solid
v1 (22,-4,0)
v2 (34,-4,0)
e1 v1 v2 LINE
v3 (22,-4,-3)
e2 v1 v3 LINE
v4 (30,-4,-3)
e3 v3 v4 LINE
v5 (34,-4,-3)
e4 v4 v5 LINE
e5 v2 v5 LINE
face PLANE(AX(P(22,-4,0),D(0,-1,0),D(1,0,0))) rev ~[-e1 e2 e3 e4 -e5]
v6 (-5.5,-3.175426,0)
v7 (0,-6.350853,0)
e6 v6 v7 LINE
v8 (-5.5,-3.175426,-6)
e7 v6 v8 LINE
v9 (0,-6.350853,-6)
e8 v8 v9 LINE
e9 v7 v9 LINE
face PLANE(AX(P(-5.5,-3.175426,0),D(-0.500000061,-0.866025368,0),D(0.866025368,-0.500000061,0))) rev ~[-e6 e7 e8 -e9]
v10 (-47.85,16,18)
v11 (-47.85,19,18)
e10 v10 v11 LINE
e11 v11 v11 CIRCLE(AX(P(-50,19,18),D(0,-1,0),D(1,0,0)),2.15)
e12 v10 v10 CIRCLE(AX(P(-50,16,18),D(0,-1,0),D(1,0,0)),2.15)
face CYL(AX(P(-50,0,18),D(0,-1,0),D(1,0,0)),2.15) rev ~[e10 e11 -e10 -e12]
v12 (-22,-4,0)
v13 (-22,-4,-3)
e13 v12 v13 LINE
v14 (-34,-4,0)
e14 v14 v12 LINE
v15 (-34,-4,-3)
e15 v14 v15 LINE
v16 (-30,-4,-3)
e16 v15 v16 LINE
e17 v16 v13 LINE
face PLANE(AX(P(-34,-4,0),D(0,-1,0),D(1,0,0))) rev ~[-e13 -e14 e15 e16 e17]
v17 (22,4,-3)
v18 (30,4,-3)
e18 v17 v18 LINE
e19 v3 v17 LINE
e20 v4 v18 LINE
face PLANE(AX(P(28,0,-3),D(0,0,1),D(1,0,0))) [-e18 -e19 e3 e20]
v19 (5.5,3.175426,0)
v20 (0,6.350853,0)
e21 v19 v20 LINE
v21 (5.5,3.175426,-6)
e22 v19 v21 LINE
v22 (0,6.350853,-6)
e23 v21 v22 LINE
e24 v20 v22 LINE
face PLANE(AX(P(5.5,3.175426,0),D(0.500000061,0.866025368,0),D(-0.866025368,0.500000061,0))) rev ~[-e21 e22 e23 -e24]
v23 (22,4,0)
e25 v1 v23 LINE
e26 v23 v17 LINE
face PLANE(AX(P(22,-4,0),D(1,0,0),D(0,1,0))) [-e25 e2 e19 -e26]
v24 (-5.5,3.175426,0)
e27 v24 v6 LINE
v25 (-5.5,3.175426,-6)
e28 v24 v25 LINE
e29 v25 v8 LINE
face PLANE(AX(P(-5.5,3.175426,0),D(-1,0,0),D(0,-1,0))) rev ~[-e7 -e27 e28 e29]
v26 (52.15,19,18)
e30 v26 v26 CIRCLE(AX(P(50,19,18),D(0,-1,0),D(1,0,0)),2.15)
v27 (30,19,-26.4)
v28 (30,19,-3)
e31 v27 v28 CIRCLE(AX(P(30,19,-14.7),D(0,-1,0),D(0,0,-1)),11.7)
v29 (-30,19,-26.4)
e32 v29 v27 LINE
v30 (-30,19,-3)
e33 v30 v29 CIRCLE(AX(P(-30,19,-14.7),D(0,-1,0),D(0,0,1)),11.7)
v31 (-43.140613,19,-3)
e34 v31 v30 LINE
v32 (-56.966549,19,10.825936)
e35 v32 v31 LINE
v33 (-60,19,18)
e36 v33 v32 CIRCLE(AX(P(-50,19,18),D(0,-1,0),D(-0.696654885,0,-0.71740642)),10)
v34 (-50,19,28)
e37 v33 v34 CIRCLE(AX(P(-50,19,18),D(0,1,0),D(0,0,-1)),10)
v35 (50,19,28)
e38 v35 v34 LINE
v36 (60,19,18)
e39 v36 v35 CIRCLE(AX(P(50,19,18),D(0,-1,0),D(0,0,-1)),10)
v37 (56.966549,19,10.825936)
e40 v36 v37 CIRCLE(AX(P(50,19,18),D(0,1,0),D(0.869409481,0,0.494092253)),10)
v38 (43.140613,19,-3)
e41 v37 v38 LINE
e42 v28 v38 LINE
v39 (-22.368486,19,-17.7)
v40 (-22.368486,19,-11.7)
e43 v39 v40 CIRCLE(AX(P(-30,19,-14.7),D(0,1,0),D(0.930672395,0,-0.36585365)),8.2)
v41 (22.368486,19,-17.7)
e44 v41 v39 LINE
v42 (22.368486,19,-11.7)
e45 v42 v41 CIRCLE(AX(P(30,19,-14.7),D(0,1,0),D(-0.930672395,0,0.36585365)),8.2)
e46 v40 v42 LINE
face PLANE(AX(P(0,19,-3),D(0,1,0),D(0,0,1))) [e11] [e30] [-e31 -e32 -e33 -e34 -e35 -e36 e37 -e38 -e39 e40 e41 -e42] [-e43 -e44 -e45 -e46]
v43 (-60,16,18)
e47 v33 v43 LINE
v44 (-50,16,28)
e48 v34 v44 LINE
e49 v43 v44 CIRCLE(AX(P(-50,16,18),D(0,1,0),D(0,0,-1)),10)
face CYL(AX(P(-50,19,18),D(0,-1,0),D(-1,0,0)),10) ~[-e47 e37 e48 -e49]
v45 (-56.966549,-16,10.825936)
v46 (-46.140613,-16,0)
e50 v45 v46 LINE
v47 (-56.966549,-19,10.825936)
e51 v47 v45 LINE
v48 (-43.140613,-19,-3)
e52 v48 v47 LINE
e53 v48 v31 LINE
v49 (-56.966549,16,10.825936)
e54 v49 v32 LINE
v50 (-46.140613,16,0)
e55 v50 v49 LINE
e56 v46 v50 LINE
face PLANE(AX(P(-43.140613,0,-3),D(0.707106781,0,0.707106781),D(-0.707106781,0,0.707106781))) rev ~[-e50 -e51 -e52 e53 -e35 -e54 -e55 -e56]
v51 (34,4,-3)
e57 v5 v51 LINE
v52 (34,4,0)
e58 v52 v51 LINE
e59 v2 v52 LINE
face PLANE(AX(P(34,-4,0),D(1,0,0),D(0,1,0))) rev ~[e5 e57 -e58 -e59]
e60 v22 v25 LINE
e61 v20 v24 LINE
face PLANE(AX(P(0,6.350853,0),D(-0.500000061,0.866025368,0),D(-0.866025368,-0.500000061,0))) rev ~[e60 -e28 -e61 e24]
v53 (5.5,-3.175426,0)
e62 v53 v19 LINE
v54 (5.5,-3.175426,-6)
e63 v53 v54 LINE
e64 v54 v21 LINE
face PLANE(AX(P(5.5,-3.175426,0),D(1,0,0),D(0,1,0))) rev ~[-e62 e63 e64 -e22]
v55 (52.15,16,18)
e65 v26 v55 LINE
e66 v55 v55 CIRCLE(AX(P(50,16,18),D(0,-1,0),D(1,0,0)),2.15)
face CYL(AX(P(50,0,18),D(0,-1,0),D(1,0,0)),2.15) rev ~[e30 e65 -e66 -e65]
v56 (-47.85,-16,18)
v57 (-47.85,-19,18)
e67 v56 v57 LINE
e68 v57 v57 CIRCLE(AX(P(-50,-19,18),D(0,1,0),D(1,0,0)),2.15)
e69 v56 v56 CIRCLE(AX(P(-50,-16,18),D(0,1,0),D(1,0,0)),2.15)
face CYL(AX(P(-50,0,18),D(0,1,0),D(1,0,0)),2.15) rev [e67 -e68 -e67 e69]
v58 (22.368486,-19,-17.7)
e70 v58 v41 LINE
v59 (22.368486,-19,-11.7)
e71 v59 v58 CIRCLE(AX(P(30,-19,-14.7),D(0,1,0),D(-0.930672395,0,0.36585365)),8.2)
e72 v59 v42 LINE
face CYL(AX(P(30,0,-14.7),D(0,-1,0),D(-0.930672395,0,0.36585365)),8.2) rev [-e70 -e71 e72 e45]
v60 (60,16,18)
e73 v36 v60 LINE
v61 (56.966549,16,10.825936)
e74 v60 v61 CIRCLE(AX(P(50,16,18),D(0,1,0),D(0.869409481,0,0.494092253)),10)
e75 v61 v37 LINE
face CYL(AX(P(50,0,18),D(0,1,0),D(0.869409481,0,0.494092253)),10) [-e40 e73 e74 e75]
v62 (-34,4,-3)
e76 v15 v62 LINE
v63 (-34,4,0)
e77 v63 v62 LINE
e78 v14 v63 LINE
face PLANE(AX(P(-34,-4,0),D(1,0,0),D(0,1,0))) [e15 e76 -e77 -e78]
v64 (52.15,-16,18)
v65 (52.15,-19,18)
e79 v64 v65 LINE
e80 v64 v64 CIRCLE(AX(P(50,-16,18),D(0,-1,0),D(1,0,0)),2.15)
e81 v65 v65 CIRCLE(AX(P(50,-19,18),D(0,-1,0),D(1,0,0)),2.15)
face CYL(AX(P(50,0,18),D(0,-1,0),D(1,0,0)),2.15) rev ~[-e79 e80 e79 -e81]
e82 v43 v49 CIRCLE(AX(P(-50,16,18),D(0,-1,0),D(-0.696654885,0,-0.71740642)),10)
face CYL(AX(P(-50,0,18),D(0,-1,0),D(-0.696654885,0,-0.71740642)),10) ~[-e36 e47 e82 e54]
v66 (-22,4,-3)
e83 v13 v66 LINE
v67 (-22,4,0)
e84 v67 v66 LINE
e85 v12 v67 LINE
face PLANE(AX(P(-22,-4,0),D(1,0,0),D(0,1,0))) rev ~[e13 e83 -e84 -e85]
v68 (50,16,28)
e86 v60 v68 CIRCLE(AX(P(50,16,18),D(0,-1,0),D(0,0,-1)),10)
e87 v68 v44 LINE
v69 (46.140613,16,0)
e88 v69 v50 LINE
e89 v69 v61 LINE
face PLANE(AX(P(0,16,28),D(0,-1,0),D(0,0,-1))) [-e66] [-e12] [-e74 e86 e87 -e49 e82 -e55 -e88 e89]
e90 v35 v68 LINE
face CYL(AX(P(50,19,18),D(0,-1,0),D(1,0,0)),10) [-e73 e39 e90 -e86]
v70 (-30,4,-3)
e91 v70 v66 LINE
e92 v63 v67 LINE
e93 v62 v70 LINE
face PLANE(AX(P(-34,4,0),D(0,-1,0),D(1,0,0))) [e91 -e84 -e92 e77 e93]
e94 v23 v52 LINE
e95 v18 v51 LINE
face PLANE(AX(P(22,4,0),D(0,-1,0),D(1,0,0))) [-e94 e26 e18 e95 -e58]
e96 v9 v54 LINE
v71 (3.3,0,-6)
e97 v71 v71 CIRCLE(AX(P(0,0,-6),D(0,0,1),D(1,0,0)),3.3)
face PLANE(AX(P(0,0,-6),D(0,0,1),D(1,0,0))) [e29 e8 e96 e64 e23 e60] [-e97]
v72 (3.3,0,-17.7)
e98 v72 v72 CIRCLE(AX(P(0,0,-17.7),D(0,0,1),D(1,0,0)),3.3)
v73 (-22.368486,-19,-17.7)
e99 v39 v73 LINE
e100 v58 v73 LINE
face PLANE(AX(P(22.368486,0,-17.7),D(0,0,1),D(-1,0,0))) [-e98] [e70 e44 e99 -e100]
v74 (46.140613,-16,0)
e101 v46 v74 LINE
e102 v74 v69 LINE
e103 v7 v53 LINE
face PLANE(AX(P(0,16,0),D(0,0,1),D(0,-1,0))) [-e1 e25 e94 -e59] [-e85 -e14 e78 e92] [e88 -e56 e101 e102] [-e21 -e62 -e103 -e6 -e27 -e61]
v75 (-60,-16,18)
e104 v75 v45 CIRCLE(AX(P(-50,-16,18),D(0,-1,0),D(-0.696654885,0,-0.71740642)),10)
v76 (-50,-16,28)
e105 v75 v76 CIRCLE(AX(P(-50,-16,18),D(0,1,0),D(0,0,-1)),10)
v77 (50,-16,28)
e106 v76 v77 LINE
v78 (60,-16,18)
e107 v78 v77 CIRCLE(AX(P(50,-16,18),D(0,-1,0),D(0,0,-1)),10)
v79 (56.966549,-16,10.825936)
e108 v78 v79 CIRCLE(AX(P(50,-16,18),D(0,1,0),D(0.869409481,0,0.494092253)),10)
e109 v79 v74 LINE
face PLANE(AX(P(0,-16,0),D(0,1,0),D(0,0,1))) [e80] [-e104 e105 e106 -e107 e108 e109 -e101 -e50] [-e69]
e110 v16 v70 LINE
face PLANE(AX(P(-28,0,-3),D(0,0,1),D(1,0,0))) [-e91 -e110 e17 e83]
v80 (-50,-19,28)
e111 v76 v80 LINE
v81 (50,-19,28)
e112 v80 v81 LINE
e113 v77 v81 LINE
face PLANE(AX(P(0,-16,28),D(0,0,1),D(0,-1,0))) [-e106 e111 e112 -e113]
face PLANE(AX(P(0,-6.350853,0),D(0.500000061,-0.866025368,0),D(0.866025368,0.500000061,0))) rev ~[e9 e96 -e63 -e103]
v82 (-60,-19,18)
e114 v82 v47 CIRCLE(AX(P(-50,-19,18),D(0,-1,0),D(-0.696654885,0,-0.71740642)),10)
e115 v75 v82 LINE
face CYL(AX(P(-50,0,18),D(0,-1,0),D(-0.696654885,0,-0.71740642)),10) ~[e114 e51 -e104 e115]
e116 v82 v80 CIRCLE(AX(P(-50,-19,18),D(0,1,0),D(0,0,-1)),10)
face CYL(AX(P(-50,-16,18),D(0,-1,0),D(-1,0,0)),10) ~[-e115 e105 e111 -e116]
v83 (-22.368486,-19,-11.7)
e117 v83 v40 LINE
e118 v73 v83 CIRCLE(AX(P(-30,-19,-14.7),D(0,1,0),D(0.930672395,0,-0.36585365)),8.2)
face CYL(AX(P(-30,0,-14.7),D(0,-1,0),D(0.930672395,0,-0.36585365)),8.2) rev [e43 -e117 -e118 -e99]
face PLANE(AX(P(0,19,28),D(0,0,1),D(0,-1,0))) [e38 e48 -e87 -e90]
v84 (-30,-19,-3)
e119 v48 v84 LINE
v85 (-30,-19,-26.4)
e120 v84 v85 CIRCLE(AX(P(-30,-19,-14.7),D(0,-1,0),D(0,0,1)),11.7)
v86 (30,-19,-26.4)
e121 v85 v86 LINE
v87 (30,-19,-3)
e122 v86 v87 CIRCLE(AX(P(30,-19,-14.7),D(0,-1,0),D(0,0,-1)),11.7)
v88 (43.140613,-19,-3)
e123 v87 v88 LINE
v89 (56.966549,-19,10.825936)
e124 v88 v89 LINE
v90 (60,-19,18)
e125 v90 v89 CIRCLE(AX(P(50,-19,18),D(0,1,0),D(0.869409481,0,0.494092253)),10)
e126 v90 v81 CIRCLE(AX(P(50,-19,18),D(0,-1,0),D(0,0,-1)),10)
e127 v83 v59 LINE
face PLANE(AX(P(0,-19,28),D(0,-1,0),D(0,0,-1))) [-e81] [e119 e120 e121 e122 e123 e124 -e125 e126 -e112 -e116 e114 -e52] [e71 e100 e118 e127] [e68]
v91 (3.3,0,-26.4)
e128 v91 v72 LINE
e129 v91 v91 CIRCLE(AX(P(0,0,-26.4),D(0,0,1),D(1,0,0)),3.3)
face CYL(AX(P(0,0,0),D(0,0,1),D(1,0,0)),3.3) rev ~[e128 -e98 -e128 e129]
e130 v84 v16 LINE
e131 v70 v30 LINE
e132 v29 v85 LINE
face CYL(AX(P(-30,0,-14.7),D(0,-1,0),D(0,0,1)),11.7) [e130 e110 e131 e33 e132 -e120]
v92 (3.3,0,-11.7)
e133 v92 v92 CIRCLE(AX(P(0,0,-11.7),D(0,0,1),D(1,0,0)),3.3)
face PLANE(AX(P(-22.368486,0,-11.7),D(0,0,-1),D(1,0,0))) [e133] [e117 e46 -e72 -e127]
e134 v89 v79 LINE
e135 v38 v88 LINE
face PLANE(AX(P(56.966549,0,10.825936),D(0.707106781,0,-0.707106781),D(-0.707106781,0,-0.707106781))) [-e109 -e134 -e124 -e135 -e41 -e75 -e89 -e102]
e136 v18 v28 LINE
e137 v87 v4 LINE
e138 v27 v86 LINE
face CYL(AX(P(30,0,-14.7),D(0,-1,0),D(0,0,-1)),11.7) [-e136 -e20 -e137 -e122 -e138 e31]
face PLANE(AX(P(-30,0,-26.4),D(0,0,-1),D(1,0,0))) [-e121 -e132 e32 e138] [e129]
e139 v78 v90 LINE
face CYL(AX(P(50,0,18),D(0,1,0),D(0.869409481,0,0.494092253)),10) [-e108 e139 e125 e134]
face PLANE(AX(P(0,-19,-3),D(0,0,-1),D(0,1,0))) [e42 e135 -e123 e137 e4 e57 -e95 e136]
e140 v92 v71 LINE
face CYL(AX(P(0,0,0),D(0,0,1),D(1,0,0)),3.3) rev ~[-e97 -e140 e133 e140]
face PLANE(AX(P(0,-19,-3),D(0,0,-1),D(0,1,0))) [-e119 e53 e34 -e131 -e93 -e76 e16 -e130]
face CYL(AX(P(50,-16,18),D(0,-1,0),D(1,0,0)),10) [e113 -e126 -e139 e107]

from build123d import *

# Parameters (mm, degrees)
F2_DEPTH  = 60
F4_DEPTH  = 19
F0_R      = 2.15
F5_DEPTH  = 30.3
F6_R      = 10
F7_R      = 3.3
F8_DEPTH  = 29.5
F10_DEPTH = 6
F9_W      = 12
F9_H      = 8
F11_DEPTH = 3
F13_DEPTH = 25


with BuildPart() as f2:
    # F1 (on Right) → F2 (new body, symmetric)
    with BuildSketch(Plane.YZ):
        Polygon((16, 0), (-16, 0), (-16, 28), (-19, 28), (-19, -3), (19, -3), (19, 28), (16, 28), align=None)
    extrude(amount=F2_DEPTH, both=True)

    # F3 (on Front) → F4 (join, symmetric)
    with BuildSketch(Plane.XZ):
        with BuildLine():
            Line((0, -3), (-30, -3))
            ThreePointArc((-30, -3), (-41.7, -14.7), (-30, -26.4))
            Line((-30, -26.4), (0, -26.4))
            Line((0, -26.4), (30, -26.4))
            ThreePointArc((30, -26.4), (41.7, -14.7), (30, -3))
            Line((30, -3), (0, -3))
        make_face()
        with BuildLine():
            ThreePointArc((-22.368486, -17.7), (-38.2, -14.7), (-22.368486, -11.7))
            Line((-22.368486, -11.7), (0, -11.7))
            Line((0, -11.7), (22.368486, -11.7))
            ThreePointArc((22.368486, -11.7), (38.2, -14.7), (22.368486, -17.7))
            Line((22.368486, -17.7), (0, -17.7))
            Line((0, -17.7), (-22.368486, -17.7))
        make_face(mode=Mode.SUBTRACT)
    extrude(amount=F4_DEPTH, both=True)

    # F0 (on Front) → F5 (cut, symmetric)
    with BuildSketch(Plane.XZ):
        with Locations((-50, 18)):
            Circle(F0_R)
        with Locations((50, 18)):
            Circle(F0_R)
    extrude(amount=F5_DEPTH, both=True, mode=Mode.SUBTRACT)

    # F6
    f6_edges = [f2.edges().sort_by_distance(p)[0] for p in [
        (-60, -17.5, 28),
        (-60, 17.5, 28),
        (60, 17.5, 28),
        (60, -17.5, 28),
    ]]
    fillet(f6_edges, radius=F6_R)

    # F7 (on Top) → F8 (cut, symmetric)
    with BuildSketch(Plane.XY):
        Circle(F7_R)
    extrude(amount=F8_DEPTH, both=True, mode=Mode.SUBTRACT)

    # F9 (on Top) → F10 (cut)
    with BuildSketch(Plane.XY):
        Polygon((5.5, -3.175426), (5.5, 3.175426), (0, 6.350853), (-5.5, 3.175426), (-5.5, -3.175426), (0, -6.350853), align=None)
    extrude(amount=-F10_DEPTH, mode=Mode.SUBTRACT)

    # F9 (on Top) → F11 (cut)
    with BuildSketch(Plane.XY):
        with Locations((-28, 0)):
            Rectangle(F9_W, F9_H)
        with Locations((28, 0)):
            Rectangle(F9_W, F9_H)
    extrude(amount=-F11_DEPTH, mode=Mode.SUBTRACT)

    # F12 (on Front) → F13 (cut, symmetric)
    with BuildSketch(Plane.XZ):
        with BuildLine():
            Line((56.966549, 10.825936), (43.140613, -3))
            Line((43.140613, -3), (66.425517, -3))
            Line((66.425517, -3), (66.425517, 22.940923))
            Line((66.425517, 22.940923), (58.694095, 22.940923))
            ThreePointArc((58.694095, 22.940923), (59.899857, 16.588322), (56.966549, 10.825936))
        make_face()
        with BuildLine():
            ThreePointArc((-56.966549, 10.825936), (-59.899857, 16.588322), (-58.694095, 22.940923))
            Line((-58.694095, 22.940923), (-66.425517, 22.940923))
            Line((-66.425517, 22.940923), (-66.425517, -3))
            Line((-66.425517, -3), (-43.140613, -3))
            Line((-43.140613, -3), (-56.966549, 10.825936))
        make_face()
    extrude(amount=F13_DEPTH, both=True, mode=Mode.SUBTRACT)


solid = f2.part
